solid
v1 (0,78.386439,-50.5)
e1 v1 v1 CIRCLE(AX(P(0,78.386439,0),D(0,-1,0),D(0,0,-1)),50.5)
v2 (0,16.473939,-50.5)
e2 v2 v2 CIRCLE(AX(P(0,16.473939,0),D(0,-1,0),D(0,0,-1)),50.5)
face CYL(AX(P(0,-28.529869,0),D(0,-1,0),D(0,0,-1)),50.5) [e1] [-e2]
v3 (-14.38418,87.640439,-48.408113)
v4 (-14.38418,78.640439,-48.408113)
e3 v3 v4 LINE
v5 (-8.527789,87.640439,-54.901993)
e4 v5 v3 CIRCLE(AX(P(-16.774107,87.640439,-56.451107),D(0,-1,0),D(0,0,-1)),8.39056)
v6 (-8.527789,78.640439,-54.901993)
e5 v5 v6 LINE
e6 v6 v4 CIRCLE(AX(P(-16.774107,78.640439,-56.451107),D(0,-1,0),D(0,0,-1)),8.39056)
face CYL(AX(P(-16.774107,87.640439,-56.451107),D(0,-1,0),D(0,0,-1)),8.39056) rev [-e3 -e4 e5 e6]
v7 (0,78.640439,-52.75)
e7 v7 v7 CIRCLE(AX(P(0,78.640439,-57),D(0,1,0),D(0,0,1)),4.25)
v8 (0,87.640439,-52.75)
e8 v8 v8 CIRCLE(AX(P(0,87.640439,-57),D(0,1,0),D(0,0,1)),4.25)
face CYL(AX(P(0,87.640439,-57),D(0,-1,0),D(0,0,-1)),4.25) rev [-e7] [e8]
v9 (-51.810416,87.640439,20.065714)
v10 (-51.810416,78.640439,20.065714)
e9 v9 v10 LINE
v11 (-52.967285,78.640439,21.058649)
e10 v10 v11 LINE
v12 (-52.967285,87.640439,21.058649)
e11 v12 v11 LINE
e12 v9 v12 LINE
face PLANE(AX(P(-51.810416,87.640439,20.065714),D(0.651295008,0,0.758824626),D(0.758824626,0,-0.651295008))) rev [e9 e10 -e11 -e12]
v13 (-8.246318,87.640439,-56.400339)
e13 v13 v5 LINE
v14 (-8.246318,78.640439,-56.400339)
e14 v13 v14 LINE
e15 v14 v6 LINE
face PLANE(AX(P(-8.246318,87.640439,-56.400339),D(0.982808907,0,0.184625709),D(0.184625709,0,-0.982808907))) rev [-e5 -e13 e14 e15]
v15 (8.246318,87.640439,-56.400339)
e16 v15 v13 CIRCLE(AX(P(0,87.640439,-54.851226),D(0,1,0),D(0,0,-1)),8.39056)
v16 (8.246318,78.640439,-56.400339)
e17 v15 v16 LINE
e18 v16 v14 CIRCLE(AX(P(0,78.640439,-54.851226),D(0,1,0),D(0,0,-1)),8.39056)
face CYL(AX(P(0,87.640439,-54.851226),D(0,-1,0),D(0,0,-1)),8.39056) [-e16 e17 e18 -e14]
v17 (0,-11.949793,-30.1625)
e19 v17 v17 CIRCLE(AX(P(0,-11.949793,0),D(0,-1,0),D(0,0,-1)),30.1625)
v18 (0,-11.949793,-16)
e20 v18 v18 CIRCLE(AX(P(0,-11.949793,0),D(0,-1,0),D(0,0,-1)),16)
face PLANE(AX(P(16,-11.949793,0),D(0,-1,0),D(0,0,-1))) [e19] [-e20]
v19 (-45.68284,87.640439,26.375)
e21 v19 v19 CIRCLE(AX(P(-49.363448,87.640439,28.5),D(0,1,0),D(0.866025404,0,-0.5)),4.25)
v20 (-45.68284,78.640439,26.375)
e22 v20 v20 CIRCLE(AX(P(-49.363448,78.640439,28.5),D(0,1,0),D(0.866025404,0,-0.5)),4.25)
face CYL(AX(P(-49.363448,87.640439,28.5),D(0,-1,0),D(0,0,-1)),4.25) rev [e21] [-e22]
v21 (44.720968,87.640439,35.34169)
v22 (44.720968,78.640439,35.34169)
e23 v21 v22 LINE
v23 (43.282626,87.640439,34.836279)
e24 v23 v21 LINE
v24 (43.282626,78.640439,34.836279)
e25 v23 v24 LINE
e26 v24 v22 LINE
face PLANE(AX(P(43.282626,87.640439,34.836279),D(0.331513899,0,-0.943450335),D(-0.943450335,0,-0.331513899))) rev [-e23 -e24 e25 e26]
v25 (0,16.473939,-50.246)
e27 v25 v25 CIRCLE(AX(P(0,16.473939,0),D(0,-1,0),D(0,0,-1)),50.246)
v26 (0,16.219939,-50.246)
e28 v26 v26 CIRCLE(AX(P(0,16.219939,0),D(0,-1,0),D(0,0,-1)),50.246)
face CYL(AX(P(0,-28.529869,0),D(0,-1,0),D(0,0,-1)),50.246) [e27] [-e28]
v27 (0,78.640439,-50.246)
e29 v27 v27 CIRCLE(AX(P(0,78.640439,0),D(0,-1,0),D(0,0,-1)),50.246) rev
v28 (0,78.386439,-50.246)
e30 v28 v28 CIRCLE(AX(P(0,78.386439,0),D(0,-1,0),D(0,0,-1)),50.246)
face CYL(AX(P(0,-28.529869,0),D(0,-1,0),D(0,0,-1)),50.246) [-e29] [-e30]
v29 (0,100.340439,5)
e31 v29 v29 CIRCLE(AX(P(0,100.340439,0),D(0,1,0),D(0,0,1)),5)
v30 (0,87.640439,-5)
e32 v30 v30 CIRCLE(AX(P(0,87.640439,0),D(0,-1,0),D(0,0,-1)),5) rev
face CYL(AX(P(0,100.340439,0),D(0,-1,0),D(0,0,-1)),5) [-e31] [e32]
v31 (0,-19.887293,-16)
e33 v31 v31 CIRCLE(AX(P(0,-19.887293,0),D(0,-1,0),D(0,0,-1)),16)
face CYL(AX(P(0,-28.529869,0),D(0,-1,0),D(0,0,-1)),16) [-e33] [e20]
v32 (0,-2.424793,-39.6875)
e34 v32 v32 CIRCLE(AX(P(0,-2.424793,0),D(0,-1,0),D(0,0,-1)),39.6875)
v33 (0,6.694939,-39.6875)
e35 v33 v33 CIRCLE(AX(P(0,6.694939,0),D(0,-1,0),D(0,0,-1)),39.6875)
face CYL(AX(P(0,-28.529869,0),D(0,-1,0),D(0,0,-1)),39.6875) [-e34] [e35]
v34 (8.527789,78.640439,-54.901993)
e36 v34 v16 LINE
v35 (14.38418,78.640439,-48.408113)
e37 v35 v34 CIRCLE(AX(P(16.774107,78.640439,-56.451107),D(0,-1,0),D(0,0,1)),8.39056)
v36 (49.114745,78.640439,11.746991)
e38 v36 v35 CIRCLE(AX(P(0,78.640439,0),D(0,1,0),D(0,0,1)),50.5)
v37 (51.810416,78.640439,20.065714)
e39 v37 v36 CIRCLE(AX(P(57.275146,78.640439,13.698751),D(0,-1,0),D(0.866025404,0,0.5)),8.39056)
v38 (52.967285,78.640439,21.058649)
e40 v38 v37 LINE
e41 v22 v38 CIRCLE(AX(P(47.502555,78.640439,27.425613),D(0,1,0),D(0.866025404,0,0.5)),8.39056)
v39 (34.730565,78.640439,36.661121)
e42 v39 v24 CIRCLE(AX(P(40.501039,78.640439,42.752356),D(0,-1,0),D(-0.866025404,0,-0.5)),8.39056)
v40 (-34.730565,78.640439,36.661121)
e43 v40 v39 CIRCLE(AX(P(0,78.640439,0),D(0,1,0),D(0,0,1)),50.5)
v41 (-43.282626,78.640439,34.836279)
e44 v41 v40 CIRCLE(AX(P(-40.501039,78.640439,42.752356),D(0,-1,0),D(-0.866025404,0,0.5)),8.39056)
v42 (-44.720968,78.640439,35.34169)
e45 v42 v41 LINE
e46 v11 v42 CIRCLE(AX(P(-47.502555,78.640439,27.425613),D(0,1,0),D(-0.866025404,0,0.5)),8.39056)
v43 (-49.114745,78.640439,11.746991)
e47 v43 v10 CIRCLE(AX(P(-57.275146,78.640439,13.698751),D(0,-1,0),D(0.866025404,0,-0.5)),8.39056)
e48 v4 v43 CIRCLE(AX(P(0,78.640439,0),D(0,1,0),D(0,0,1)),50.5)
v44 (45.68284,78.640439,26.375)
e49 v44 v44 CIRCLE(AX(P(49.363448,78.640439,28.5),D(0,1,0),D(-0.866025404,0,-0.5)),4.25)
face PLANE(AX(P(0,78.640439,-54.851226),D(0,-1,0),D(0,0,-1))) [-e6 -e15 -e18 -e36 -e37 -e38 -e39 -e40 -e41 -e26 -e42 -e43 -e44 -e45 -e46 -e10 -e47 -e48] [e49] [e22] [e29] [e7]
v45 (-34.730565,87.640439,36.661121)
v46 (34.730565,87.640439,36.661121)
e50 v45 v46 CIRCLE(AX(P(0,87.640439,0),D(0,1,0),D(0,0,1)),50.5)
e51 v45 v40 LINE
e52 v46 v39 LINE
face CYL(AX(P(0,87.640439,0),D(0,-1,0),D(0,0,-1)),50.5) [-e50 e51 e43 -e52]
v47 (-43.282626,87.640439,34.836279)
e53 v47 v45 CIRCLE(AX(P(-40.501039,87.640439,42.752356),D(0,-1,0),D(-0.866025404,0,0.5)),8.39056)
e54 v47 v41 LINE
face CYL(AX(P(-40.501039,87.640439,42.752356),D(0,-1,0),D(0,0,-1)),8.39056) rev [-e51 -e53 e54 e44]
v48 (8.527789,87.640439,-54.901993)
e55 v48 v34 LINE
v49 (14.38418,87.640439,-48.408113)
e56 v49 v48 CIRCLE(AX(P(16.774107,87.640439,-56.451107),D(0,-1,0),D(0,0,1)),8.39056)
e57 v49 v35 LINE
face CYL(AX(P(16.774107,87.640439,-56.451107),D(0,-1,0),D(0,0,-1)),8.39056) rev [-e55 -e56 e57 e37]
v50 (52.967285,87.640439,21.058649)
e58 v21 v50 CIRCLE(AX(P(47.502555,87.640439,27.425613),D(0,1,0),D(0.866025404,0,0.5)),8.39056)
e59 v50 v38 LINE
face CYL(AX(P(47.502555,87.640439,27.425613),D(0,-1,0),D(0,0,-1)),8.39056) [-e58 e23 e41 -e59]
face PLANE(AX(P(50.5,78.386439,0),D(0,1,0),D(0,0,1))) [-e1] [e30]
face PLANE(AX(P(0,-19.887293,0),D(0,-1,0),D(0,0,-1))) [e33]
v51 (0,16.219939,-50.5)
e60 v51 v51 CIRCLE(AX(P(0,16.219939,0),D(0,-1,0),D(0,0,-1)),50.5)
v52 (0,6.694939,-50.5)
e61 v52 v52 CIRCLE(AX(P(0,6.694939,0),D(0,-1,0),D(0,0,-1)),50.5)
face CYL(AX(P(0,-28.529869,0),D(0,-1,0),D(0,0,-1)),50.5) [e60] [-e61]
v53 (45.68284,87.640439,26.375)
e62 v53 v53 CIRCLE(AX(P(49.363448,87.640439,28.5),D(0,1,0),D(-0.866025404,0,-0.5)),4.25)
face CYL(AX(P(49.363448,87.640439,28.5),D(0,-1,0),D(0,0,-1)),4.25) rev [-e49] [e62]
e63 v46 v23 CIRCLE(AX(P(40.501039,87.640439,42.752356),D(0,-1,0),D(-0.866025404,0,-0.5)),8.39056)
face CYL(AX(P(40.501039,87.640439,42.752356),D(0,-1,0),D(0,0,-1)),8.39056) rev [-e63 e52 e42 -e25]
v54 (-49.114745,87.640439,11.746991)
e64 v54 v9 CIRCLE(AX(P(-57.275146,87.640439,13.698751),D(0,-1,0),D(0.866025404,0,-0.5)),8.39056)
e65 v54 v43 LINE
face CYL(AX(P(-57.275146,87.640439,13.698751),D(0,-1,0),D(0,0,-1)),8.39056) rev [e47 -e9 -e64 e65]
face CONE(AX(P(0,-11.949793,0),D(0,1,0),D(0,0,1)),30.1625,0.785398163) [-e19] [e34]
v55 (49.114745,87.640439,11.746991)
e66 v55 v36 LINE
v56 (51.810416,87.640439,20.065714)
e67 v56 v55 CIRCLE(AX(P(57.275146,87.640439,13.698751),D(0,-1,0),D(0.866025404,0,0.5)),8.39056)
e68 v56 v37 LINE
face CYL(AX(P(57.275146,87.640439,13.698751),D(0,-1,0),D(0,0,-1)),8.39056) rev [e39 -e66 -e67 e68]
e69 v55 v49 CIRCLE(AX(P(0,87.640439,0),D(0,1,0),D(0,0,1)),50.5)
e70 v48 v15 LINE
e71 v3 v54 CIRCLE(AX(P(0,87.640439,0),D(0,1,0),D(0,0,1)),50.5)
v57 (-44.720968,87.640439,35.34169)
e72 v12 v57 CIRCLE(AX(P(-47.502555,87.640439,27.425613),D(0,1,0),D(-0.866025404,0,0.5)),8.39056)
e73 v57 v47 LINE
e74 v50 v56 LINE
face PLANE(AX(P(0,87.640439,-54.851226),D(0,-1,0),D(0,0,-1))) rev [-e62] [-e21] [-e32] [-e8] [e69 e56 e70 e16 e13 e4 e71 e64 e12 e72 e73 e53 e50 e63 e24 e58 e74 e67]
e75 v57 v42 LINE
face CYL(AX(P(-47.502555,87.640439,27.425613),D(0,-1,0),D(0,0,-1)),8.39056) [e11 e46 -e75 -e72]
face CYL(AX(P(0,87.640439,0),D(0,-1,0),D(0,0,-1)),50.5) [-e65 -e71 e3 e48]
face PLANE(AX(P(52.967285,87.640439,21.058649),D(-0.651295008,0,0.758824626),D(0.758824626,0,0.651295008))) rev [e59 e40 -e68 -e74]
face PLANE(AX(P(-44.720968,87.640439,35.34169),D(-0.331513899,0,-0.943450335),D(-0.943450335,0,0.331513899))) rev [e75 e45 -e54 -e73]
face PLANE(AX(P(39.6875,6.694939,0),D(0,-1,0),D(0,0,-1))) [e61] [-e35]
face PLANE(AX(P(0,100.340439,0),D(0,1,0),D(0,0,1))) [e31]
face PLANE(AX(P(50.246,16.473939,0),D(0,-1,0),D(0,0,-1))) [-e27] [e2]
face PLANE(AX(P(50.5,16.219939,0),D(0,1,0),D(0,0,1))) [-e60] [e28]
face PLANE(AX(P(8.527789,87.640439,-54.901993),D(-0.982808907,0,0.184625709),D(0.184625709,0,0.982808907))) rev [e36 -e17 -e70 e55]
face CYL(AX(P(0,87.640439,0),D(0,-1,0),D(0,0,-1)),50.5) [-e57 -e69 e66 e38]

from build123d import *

# Parameters (mm, degrees)
BOSS_EXTRUDE1_START = 9
SKETCH3_R           = 4.25
BOSS_EXTRUDE1_DEPTH = 9
CIRPATTERN1_COUNT   = 3
SKETCH4_R           = 5
BOSS_EXTRUDE2_DEPTH = 12.7


with BuildPart() as part:
    # Sketch1 → Revolve1 (revolve)
    with BuildSketch(Plane.XY):
        Polygon((0, 78.640438678), (0, -19.887292524), (16, -19.887292524), (16, -11.949792524), (30.1625, -11.949792524), (39.6875, -2.424792524), (39.6875, 6.694938678), (50.5, 6.694938678), (50.5, 16.219938678), (50.246, 16.219938678), (50.246, 16.473938678), (50.5, 16.473938678), (50.5, 78.386438678), (50.246, 78.386438678), (50.246, 78.640438678), align=None)
    revolve(axis=Axis((0, -28.529868613, 0), (0, 1, 0)))

    # Sketch3 → Boss-Extrude1 (add)
    with BuildSketch(Plane(origin=(0, 78.640438678, 0), x_dir=(1, 0, 0), z_dir=(0, 1, 0)).offset(BOSS_EXTRUDE1_START)):
        with BuildLine():
            Line((-8.246317561, 56.400339065), (-8.527789484, 54.9019935))
            ThreePointArc((-8.527789484, 54.9019935), (-10.543132136, 50.831813425), (-14.384179724, 48.408112685))
            ThreePointArc((-14.384179724, 48.408112685), (0, -50.5), (14.384179724, 48.408112685))
            ThreePointArc((14.384179724, 48.408112685), (10.543132136, 50.831813425), (8.527789484, 54.9019935))
            Line((8.527789484, 54.9019935), (8.246317561, 56.400339065))
            ThreePointArc((8.246317561, 56.400339065), (0, 63.241786356), (-8.246317561, 56.400339065))
        make_face()
        with Locations((0, 57)):
            Circle(SKETCH3_R, mode=Mode.SUBTRACT)
    boss_extrude1 = extrude(amount=-BOSS_EXTRUDE1_DEPTH)

    # CirPattern1: Boss-Extrude1 ×3 about axis
    cirpattern1_axis = Axis((0, 87.640438678, 0), (0, -1, 0))
    for i in range(1, CIRPATTERN1_COUNT):
        add(boss_extrude1.rotate(cirpattern1_axis, i * 360 / CIRPATTERN1_COUNT))

    # Sketch4 → Boss-Extrude2 (add)
    with BuildSketch(Plane(origin=(0, 87.640438678, 0), x_dir=(1, 0, 0), z_dir=(0, 1, 0))):
        Circle(SKETCH4_R)
    extrude(amount=BOSS_EXTRUDE2_DEPTH)


solid = part.part
